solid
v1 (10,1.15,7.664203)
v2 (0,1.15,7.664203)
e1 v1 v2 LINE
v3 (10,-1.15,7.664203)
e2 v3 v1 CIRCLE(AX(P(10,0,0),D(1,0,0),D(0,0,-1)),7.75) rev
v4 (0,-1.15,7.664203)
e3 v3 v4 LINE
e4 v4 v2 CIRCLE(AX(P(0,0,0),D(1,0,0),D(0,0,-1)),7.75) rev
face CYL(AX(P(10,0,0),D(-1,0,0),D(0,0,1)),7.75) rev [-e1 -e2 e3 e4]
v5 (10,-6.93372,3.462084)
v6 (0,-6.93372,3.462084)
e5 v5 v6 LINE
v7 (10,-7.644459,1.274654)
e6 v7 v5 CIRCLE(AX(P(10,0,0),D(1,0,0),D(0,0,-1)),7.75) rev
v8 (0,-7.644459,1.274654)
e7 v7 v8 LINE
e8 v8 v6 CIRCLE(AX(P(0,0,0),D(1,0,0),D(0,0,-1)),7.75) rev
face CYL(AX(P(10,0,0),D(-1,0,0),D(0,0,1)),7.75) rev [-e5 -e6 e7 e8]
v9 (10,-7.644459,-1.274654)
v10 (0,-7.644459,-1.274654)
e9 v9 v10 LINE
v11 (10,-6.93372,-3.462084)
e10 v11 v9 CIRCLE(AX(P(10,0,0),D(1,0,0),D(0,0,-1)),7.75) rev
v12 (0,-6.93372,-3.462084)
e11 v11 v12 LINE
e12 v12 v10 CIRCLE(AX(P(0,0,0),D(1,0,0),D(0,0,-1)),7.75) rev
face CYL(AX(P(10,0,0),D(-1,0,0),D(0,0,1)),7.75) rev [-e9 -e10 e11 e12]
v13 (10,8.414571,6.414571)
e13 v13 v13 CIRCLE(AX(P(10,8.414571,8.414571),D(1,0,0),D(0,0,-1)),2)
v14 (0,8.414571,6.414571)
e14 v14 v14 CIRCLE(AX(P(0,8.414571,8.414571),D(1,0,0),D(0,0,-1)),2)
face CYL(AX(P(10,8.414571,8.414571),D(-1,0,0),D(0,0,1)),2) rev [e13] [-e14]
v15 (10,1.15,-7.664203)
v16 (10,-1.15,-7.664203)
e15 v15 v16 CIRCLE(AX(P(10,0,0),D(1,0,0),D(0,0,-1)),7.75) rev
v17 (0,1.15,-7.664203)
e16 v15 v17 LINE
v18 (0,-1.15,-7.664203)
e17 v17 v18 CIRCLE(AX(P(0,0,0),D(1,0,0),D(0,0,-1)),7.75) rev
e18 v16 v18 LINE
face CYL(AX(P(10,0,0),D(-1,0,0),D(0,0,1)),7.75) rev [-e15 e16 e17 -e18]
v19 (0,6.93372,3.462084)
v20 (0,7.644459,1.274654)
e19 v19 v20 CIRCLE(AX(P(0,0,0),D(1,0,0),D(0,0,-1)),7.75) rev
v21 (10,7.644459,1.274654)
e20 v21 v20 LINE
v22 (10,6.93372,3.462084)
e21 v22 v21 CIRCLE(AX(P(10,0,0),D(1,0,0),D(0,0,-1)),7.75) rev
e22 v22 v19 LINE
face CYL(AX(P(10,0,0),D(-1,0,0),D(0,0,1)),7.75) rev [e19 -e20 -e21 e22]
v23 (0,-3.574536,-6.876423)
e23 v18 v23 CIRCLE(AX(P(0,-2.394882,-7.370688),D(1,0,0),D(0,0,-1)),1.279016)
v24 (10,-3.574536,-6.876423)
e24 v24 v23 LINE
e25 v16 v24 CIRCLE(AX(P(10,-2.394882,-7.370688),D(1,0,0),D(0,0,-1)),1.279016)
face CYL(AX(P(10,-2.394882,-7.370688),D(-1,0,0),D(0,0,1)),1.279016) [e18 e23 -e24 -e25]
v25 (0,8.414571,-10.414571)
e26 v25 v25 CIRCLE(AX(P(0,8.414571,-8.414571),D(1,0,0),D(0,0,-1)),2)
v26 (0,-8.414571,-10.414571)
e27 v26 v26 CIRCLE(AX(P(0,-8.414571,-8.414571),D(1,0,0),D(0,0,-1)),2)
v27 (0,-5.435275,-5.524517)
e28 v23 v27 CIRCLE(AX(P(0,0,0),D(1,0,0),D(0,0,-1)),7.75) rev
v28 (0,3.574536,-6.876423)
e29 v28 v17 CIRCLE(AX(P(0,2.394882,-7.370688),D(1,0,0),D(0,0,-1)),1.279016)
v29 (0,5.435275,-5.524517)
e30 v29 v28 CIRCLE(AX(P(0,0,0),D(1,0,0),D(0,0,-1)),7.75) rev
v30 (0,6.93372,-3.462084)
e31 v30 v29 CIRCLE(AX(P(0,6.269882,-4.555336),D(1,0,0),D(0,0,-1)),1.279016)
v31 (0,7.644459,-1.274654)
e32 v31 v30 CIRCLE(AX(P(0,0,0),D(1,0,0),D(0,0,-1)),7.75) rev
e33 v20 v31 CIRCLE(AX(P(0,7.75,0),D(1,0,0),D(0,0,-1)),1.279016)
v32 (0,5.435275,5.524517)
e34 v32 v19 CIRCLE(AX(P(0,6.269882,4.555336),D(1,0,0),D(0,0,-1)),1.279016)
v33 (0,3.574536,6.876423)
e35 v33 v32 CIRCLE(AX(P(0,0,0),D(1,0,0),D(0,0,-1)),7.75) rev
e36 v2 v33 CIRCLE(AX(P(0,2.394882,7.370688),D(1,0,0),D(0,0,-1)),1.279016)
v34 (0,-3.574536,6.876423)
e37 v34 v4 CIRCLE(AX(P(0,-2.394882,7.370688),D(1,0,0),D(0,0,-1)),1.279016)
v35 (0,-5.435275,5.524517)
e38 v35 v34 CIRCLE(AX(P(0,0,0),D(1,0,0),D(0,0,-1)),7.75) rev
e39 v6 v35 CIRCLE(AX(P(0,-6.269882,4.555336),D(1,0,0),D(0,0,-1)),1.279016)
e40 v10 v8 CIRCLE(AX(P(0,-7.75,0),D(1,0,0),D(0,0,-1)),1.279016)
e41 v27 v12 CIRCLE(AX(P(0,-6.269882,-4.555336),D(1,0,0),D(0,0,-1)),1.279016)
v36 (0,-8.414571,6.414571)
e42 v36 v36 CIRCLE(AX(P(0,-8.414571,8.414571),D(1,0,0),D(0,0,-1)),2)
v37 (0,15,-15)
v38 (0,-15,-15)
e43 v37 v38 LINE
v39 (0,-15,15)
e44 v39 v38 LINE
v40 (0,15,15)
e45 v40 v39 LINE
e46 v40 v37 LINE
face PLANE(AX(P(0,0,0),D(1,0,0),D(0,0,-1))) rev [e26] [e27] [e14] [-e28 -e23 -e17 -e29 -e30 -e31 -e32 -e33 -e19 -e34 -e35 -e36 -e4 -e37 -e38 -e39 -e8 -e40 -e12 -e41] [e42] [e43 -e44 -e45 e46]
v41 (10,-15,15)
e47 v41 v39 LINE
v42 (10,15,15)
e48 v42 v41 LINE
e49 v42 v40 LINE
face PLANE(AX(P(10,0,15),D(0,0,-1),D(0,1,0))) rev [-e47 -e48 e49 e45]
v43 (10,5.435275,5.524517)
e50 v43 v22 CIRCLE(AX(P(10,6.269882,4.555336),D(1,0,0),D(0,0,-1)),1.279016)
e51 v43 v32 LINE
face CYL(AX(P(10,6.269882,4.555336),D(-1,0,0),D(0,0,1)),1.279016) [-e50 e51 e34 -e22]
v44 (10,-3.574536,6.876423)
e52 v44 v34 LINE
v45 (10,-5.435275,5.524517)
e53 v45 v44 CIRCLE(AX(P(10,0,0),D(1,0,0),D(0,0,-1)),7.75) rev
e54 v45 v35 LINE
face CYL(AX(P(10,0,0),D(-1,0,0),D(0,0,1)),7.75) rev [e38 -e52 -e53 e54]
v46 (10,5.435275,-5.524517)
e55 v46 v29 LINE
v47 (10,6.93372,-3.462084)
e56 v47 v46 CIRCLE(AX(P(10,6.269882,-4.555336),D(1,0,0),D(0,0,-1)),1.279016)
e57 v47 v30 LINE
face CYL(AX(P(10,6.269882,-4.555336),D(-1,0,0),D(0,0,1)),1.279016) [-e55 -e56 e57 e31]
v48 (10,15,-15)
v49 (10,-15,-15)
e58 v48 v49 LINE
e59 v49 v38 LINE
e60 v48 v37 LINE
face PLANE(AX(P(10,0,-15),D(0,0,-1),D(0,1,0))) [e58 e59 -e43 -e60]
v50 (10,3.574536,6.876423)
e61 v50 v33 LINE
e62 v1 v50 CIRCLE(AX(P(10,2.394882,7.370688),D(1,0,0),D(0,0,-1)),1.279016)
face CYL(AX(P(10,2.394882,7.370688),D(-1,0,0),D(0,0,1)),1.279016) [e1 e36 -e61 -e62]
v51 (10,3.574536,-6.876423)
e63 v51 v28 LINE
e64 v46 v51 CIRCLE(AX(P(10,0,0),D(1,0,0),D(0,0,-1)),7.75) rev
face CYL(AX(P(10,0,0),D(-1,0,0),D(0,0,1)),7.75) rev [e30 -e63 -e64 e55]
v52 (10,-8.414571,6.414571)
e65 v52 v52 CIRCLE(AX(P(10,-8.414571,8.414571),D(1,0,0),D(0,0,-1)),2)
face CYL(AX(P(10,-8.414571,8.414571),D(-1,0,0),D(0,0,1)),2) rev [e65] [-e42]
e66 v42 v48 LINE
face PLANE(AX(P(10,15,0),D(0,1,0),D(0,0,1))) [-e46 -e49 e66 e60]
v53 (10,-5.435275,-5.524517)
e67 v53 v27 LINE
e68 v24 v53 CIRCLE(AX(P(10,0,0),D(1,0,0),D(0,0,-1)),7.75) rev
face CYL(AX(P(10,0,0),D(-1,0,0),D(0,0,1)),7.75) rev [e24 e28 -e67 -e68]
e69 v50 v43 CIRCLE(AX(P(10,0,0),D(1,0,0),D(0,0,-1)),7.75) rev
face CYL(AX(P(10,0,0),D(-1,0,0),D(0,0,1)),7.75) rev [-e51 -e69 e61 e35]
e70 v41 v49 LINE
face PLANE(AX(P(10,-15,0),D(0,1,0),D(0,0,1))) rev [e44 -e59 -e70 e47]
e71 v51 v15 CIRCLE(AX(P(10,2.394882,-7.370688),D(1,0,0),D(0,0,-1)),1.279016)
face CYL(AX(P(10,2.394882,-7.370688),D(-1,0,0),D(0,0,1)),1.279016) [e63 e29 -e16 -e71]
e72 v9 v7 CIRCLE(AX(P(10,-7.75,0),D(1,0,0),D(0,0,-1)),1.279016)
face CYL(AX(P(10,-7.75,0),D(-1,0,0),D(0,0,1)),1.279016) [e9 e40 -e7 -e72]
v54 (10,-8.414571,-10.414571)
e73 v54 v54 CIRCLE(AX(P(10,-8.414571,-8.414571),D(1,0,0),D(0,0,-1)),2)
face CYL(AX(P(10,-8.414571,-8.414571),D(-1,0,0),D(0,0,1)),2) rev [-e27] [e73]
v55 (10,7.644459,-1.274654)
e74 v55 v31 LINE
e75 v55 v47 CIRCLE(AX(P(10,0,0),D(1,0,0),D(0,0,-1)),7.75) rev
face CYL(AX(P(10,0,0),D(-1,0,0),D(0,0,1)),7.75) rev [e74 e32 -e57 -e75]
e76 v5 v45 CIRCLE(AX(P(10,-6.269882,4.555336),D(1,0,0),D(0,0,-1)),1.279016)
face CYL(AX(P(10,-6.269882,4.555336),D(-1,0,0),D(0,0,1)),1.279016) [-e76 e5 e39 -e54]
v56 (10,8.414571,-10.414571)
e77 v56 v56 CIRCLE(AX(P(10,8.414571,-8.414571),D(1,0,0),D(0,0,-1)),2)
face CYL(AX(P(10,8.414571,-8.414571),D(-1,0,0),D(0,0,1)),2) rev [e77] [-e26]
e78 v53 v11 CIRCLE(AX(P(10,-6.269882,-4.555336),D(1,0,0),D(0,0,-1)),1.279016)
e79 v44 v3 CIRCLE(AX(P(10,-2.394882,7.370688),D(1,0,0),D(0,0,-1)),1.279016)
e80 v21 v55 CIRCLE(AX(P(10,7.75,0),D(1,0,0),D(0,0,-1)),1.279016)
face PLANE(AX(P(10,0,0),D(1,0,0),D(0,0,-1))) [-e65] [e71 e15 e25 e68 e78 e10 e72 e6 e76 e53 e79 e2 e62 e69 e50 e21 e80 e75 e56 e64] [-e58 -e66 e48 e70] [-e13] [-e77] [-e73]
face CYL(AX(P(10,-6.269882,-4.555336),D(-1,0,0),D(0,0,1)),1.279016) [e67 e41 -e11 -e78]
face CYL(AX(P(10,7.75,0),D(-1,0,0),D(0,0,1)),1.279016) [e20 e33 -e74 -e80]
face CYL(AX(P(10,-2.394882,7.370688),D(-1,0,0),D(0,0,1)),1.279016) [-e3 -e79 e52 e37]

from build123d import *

# Parameters (mm, degrees)
SKETCH1_W           = 30
SKETCH1_H           = 30
SKETCH1_R           = 2
BOSS_EXTRUDE1_DEPTH = 10


with BuildPart() as part:
    # Sketch1 → Boss-Extrude1 (new body)
    with BuildSketch(Plane(origin=(0, 0, 0), x_dir=(0, 0, -1), z_dir=(1, 0, 0))):
        Rectangle(SKETCH1_W, SKETCH1_H)
        with Locations((8.414570696, 8.414570696)):
            Circle(SKETCH1_R, mode=Mode.SUBTRACT)
        with Locations((8.414570696, -8.414570696)):
            Circle(SKETCH1_R, mode=Mode.SUBTRACT)
        with Locations((-8.414570696, -8.414570696)):
            Circle(SKETCH1_R, mode=Mode.SUBTRACT)
        with Locations((-8.414570696, 8.414570696)):
            Circle(SKETCH1_R, mode=Mode.SUBTRACT)
        with BuildLine():
            ThreePointArc((-1.274653828, 7.644459276), (0, 6.470984275), (1.274653828, 7.644459276))
            ThreePointArc((1.274653828, 7.644459276), (2.394881706, 7.370688001), (3.462083815, 6.933720189))
            ThreePointArc((3.462083815, 6.933720189), (3.803549125, 5.235136249), (5.524517033, 5.435274745))
            ThreePointArc((5.524517033, 5.435274745), (6.269881706, 4.555335705), (6.876423113, 3.574535658))
            ThreePointArc((6.876423113, 3.574535658), (6.154271761, 1.999644111), (7.664202503, 1.15))
            ThreePointArc((7.664202503, 1.15), (7.75, 0), (7.664202503, -1.15))
            ThreePointArc((7.664202503, -1.15), (6.154271761, -1.999644111), (6.876423113, -3.574535658))
            ThreePointArc((6.876423113, -3.574535658), (6.269881706, -4.555335705), (5.524517033, -5.435274745))
            ThreePointArc((5.524517033, -5.435274745), (3.803549125, -5.235136249), (3.462083815, -6.933720189))
            ThreePointArc((3.462083815, -6.933720189), (2.394881706, -7.370688001), (1.274653828, -7.644459276))
            ThreePointArc((1.274653828, -7.644459276), (0, -6.470984275), (-1.274653828, -7.644459276))
            ThreePointArc((-1.274653828, -7.644459276), (-2.394881706, -7.370688001), (-3.462083815, -6.933720189))
            ThreePointArc((-3.462083815, -6.933720189), (-3.803549125, -5.235136249), (-5.524517033, -5.435274745))
            ThreePointArc((-5.524517033, -5.435274745), (-6.269881706, -4.555335705), (-6.876423113, -3.574535658))
            ThreePointArc((-6.876423113, -3.574535658), (-6.154271761, -1.999644111), (-7.664202503, -1.15))
            ThreePointArc((-7.664202503, -1.15), (-7.75, 0), (-7.664202503, 1.15))
            ThreePointArc((-7.664202503, 1.15), (-6.154271761, 1.999644111), (-6.876423113, 3.574535658))
            ThreePointArc((-6.876423113, 3.574535658), (-6.269881706, 4.555335705), (-5.524517033, 5.435274745))
            ThreePointArc((-5.524517033, 5.435274745), (-3.803549125, 5.235136249), (-3.462083815, 6.933720189))
            ThreePointArc((-3.462083815, 6.933720189), (-2.394881706, 7.370688001), (-1.274653828, 7.644459276))
        make_face(mode=Mode.SUBTRACT)
    extrude(amount=BOSS_EXTRUDE1_DEPTH)


solid = part.part
